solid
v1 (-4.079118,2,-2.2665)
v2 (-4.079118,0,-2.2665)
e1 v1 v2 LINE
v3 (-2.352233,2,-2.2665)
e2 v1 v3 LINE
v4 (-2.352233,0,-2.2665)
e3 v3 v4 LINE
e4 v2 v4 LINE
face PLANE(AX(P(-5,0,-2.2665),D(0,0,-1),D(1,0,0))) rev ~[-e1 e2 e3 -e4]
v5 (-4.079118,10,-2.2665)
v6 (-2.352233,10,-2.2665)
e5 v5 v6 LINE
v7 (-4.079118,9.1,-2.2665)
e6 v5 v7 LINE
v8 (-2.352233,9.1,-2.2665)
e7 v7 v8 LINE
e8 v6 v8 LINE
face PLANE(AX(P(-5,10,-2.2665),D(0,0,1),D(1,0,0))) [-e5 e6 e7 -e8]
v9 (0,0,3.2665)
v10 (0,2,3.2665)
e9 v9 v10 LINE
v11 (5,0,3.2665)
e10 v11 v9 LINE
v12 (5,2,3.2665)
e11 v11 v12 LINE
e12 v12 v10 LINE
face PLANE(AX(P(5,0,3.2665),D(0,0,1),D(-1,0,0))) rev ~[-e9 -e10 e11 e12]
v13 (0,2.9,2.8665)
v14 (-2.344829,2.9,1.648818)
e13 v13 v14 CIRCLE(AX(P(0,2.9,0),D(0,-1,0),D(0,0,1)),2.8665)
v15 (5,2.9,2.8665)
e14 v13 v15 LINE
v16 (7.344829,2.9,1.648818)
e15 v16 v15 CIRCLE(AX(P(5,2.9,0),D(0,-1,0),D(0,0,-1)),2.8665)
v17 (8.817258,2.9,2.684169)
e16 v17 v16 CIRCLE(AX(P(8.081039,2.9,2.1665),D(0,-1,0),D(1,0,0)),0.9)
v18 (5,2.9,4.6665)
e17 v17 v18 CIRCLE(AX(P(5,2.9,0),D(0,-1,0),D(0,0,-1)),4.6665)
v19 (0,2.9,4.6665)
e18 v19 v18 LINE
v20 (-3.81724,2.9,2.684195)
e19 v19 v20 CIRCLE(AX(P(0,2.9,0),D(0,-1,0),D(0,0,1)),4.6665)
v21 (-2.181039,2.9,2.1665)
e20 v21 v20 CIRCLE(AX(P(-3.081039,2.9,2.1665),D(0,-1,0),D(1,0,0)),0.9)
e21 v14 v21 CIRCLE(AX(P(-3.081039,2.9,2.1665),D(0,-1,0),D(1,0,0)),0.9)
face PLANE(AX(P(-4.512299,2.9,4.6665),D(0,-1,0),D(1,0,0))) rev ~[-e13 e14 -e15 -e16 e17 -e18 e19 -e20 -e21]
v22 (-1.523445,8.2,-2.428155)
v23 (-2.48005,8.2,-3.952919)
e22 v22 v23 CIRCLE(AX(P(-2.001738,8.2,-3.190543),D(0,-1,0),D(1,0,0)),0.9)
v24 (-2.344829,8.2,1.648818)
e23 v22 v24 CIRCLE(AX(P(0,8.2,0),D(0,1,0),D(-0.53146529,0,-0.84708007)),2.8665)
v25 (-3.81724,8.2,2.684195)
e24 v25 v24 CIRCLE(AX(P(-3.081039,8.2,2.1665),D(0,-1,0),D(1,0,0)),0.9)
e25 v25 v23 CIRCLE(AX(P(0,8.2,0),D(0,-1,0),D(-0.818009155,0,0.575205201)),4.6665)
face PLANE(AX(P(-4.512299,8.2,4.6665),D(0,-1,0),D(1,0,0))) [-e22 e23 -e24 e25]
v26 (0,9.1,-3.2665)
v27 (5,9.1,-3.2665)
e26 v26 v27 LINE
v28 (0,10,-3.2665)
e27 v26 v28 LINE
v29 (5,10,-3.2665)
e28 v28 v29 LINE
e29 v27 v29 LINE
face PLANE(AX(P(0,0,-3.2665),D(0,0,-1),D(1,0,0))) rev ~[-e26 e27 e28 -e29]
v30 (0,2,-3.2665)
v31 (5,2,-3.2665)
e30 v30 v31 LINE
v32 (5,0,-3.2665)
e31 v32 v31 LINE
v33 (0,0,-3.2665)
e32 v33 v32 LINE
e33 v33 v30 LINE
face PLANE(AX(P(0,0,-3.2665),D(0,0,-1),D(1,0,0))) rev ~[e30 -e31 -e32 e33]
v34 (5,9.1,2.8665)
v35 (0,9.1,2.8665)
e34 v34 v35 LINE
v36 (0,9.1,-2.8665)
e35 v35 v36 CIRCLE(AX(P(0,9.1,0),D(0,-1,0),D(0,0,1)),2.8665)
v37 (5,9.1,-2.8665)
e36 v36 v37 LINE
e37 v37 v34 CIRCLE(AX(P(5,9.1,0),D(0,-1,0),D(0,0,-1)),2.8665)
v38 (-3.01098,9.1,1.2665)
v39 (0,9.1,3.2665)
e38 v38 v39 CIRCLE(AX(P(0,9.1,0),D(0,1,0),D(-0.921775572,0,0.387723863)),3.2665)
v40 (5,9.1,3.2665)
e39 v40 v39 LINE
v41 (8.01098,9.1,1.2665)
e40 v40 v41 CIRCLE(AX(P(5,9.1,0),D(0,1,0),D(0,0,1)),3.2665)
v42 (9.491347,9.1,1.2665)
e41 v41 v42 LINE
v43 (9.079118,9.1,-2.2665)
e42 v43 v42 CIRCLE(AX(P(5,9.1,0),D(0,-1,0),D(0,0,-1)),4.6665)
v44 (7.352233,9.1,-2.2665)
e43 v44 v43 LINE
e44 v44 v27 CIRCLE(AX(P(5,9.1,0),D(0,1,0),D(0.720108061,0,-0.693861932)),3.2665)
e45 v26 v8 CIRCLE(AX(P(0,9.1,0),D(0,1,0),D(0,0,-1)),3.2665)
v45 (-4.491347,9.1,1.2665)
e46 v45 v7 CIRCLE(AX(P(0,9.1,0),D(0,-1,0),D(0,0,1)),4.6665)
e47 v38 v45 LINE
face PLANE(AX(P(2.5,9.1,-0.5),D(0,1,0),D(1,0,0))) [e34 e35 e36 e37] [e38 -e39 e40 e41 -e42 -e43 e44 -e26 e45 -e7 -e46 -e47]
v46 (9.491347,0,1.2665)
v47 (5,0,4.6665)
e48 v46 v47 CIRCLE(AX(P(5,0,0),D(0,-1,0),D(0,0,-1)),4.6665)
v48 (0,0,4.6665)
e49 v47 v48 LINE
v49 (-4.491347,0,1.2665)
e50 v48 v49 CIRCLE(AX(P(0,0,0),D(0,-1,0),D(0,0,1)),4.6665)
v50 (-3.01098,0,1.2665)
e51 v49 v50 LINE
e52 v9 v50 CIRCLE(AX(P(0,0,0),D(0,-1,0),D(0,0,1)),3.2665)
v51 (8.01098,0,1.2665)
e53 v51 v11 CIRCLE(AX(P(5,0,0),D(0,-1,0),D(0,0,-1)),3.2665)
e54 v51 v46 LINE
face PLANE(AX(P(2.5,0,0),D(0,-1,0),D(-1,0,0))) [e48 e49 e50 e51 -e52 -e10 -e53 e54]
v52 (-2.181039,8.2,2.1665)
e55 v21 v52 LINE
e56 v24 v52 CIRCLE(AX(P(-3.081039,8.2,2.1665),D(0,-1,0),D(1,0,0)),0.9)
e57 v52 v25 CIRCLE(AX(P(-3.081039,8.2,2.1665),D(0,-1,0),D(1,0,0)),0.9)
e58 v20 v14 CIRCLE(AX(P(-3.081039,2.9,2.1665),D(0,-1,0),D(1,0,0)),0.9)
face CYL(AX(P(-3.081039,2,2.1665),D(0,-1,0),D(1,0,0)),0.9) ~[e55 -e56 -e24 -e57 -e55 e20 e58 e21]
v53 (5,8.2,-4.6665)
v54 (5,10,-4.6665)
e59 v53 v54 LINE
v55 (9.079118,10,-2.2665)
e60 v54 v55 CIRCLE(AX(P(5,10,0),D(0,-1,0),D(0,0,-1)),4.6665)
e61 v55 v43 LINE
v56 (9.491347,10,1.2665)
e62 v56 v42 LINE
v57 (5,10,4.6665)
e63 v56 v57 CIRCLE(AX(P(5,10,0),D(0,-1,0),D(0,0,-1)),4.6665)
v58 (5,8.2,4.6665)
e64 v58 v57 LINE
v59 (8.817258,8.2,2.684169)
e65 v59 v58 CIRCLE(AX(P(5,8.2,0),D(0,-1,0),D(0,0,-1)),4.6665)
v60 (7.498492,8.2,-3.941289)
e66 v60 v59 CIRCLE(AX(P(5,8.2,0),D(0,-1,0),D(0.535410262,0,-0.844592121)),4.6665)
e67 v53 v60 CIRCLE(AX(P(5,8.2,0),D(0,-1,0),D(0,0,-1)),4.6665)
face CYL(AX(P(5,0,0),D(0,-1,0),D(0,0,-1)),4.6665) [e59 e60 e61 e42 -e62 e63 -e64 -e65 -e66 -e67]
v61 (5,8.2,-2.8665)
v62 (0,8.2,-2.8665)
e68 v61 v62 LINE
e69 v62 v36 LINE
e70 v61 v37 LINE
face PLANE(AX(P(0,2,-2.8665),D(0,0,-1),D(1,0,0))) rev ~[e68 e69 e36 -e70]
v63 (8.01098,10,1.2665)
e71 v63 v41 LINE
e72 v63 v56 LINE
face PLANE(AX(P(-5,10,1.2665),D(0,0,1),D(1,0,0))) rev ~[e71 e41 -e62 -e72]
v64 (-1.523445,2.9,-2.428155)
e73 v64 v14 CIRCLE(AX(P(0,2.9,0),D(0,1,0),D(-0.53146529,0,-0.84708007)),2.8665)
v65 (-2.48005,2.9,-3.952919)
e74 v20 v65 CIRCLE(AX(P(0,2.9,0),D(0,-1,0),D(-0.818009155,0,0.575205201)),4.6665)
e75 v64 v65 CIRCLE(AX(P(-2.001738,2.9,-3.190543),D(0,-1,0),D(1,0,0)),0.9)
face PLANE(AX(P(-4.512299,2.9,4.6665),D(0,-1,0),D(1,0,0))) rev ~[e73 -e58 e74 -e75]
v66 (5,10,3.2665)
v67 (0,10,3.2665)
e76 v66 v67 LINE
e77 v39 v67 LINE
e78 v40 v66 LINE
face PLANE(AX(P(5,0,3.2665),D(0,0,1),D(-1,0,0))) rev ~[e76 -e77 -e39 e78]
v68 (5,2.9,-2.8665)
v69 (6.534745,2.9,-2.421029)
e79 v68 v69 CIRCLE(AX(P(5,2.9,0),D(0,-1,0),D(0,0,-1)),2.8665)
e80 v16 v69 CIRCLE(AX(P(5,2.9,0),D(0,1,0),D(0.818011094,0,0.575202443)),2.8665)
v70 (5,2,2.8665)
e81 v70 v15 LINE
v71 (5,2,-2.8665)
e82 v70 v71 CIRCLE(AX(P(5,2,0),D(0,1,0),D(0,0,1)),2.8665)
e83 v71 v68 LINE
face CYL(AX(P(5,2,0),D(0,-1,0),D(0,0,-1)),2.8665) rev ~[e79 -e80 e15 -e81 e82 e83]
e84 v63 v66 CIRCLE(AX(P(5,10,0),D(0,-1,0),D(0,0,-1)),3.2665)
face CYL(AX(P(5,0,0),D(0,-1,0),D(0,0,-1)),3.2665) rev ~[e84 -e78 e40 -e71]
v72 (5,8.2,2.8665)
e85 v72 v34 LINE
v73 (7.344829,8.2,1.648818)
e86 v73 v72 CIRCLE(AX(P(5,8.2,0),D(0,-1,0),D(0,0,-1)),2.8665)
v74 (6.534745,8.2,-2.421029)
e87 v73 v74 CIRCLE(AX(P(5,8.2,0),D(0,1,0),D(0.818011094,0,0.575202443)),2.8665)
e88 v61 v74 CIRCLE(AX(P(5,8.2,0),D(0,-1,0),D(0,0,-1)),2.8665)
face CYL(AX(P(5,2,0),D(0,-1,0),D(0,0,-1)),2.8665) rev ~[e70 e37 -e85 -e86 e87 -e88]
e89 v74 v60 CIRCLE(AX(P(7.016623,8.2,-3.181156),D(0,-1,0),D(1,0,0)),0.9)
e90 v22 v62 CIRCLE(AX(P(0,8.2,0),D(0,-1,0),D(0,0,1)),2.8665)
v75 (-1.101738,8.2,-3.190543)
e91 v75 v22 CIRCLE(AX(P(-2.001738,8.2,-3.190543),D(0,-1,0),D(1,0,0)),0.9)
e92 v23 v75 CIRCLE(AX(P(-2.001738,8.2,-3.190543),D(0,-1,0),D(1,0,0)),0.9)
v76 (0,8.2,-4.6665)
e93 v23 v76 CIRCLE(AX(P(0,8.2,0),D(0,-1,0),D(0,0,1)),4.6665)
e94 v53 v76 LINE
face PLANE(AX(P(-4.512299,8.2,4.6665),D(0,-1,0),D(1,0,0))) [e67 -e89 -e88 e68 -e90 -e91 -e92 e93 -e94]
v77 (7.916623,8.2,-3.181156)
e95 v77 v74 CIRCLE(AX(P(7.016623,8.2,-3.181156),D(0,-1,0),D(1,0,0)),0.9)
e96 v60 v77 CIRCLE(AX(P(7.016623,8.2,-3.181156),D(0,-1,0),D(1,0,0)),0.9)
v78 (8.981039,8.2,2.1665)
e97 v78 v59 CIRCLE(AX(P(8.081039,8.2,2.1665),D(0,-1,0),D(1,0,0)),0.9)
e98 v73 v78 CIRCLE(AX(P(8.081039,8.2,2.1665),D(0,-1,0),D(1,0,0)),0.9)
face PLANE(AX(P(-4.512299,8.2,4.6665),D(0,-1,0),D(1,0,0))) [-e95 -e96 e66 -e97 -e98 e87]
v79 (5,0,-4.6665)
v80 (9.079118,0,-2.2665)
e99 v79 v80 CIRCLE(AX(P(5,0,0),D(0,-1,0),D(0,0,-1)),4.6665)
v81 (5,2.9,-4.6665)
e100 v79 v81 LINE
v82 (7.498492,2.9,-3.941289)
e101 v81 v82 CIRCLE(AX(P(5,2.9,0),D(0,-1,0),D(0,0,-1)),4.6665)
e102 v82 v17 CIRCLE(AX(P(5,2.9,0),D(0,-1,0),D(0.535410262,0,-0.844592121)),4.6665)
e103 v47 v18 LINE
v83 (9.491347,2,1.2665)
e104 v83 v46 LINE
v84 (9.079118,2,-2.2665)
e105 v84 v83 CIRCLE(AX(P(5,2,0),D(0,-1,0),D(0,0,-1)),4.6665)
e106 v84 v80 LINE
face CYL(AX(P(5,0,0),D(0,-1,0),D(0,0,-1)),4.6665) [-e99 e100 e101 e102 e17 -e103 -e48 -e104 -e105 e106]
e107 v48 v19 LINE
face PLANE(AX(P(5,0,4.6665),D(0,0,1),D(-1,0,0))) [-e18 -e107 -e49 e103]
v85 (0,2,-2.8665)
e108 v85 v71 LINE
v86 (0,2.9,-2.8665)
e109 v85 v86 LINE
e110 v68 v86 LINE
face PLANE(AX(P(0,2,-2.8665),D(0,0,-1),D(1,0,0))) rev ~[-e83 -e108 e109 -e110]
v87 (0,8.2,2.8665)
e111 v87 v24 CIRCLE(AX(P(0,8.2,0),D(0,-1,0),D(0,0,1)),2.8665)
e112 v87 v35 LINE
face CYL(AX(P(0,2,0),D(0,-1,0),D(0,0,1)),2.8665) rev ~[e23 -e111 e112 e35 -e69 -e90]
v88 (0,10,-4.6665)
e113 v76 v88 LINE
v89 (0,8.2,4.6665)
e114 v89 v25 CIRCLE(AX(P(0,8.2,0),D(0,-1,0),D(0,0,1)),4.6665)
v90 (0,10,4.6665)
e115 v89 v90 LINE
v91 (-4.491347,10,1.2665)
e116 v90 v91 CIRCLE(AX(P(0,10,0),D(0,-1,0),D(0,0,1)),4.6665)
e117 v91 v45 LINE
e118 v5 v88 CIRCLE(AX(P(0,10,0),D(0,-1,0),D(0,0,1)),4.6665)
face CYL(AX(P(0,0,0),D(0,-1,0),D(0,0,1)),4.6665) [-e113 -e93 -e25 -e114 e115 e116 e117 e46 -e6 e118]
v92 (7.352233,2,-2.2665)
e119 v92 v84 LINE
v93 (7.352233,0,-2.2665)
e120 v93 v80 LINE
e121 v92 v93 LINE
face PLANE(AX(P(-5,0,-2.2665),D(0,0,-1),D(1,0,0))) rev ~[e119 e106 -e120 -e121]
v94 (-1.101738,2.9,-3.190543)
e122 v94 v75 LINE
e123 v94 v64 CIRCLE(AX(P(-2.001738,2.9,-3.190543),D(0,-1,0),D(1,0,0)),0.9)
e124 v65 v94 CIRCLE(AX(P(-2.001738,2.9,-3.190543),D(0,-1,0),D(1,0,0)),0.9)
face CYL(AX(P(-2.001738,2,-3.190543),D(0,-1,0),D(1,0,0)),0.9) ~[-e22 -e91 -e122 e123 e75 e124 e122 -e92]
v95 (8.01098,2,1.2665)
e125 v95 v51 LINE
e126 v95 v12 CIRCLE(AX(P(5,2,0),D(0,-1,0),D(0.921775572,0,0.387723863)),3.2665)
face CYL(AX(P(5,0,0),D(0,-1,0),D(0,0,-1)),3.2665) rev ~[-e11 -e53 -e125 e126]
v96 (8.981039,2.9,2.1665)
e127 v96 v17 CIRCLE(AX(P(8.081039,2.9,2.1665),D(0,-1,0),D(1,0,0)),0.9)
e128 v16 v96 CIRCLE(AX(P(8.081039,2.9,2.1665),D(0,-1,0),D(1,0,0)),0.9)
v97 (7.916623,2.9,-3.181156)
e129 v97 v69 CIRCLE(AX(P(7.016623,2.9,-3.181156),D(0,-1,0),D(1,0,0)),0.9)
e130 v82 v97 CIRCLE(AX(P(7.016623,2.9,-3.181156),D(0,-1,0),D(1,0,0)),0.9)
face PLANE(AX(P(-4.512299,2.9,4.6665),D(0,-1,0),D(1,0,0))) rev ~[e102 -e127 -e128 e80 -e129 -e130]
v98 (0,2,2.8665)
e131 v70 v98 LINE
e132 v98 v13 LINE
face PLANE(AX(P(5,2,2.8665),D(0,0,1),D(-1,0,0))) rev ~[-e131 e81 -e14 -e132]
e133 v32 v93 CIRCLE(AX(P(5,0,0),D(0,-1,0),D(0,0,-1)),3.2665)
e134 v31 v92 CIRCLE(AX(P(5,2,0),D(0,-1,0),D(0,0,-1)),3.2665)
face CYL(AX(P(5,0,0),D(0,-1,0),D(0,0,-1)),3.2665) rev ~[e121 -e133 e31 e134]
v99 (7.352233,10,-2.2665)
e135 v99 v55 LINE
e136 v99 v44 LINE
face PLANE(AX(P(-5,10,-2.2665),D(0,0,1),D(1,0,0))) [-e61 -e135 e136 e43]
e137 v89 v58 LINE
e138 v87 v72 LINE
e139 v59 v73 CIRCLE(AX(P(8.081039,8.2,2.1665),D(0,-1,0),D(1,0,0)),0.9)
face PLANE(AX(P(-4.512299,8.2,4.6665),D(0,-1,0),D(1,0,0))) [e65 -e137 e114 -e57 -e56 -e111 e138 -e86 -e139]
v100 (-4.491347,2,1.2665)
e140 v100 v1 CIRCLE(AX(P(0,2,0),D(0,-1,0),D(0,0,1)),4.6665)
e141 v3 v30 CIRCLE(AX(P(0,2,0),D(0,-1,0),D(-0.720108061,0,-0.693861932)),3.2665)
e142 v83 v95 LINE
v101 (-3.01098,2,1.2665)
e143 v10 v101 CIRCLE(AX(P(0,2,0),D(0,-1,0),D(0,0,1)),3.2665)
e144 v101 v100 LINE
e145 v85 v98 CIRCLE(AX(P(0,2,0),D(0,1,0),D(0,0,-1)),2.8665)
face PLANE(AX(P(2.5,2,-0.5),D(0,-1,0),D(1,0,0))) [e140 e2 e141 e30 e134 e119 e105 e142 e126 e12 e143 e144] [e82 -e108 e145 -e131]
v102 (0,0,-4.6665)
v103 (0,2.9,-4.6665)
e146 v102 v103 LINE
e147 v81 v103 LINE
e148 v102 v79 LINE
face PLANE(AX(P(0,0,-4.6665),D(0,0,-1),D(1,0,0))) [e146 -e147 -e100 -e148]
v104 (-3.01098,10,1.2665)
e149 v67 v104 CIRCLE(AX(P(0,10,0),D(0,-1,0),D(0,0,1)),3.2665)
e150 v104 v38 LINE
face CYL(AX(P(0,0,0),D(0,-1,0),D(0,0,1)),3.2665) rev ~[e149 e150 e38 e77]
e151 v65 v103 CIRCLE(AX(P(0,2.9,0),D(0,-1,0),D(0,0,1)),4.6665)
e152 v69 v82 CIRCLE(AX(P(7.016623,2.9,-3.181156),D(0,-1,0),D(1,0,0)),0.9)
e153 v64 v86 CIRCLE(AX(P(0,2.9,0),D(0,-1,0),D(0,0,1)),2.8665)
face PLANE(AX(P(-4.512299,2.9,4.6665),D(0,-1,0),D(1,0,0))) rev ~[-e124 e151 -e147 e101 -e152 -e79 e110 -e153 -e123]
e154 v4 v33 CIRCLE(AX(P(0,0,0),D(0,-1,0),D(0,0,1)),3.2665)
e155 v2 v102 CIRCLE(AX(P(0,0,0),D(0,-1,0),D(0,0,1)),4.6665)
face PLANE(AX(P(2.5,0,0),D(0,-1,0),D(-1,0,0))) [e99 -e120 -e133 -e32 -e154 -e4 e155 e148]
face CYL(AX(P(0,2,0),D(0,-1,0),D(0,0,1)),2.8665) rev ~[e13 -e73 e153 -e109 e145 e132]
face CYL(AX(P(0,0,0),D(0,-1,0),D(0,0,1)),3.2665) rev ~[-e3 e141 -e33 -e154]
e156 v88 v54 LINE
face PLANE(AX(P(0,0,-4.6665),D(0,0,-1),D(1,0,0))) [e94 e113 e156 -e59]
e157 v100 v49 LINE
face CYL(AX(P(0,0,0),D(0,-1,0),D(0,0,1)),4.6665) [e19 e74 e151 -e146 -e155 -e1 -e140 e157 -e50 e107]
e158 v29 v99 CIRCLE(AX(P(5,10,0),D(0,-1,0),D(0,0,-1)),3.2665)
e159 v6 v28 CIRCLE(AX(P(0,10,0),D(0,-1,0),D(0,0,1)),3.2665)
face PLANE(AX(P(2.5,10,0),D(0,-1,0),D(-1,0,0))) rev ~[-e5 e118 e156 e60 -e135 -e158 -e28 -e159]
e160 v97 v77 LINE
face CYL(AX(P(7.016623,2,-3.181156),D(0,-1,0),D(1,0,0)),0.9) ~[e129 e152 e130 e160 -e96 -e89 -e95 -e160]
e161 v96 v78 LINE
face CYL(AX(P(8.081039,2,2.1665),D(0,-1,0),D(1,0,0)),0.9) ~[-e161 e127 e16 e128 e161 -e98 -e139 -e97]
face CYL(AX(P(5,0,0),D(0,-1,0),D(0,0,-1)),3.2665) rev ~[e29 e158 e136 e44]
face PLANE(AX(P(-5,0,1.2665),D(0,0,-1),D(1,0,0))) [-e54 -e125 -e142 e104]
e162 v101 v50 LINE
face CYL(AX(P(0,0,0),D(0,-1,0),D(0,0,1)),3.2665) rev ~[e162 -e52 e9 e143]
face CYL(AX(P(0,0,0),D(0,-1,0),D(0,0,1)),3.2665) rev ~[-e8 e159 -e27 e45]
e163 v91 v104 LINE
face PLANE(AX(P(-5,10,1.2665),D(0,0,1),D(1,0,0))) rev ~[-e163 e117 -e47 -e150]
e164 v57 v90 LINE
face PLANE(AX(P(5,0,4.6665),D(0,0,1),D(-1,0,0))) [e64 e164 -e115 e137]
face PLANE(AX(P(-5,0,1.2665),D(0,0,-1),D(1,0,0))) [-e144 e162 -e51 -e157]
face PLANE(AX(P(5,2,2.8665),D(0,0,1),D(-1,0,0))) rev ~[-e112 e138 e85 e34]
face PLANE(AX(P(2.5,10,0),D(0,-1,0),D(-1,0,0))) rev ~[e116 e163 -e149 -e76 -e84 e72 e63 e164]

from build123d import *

# Parameters (mm, degrees)
BOSS_EXTRUDE1_DEPTH = 10
BOSS_EXTRUDE2_DEPTH = 7.1
SKETCH3_W           = 14.024598218
SKETCH3_H           = 5.3
CUT_EXTRUDE1_DEPTH  = 10
SKETCH4_W           = 15
SKETCH4_H           = 3.533
CUT_EXTRUDE2_DEPTH  = 0.9
SKETCH5_W           = 15
SKETCH5_H           = 3.533
CUT_EXTRUDE3_DEPTH  = 2
SKETCH7_R           = 0.9
BOSS_EXTRUDE3_DEPTH = 7.1
SKETCH8_W           = 2.379394034
SKETCH8_H           = 5.3
CUT_EXTRUDE4_DEPTH  = 15


with BuildPart() as part:
    # Sketch1 → Boss-Extrude1 (new body)
    with BuildSketch(Plane(origin=(0, 0, 0), x_dir=(1, 0, 0), z_dir=(0, 1, 0))):
        with BuildLine():
            Line((0, 4.6665), (5, 4.6665))
            ThreePointArc((5, 4.6665), (9.6665, 0), (5, -4.6665))
            Line((5, -4.6665), (0, -4.6665))
            ThreePointArc((0, -4.6665), (-4.6665, 0), (0, 4.6665))
        make_face()
        with BuildLine():
            Line((0, 3.2665), (5, 3.2665))
            ThreePointArc((5, 3.2665), (8.2665, 0), (5, -3.2665))
            Line((5, -3.2665), (0, -3.2665))
            ThreePointArc((0, -3.2665), (-3.2665, 0), (0, 3.2665))
        make_face(mode=Mode.SUBTRACT)
    extrude(amount=BOSS_EXTRUDE1_DEPTH)

    # Sketch2 → Boss-Extrude2 (add)
    with BuildSketch(Plane(origin=(0, 2, 0), x_dir=(1, 0, 0), z_dir=(0, 1, 0))):
        with BuildLine():
            Line((0, 3.2665), (5, 3.2665))
            ThreePointArc((5, 3.2665), (8.2665, 0), (5, -3.2665))
            Line((5, -3.2665), (0, -3.2665))
            ThreePointArc((0, -3.2665), (-3.2665, 0), (0, 3.2665))
        make_face()
        with BuildLine():
            Line((0, 2.8665), (5, 2.8665))
            ThreePointArc((5, 2.8665), (7.8665, 0), (5, -2.8665))
            Line((5, -2.8665), (0, -2.8665))
            ThreePointArc((0, -2.8665), (-2.8665, 0), (0, 2.8665))
        make_face(mode=Mode.SUBTRACT)
    extrude(amount=BOSS_EXTRUDE2_DEPTH)

    # Sketch3 → Cut-Extrude1 (cut)
    with BuildSketch(Plane.XY.offset(4.6665)):
        with Locations((2.500000001, 5.55)):
            Rectangle(SKETCH3_W, SKETCH3_H)
    extrude(amount=-CUT_EXTRUDE1_DEPTH, mode=Mode.SUBTRACT)

    # Sketch4 → Cut-Extrude2 (cut)
    with BuildSketch(Plane(origin=(0, 10, 0), x_dir=(1, 0, 0), z_dir=(0, 1, 0))):
        with Locations((2.5, 0.5)):
            Rectangle(SKETCH4_W, SKETCH4_H)
    extrude(amount=-CUT_EXTRUDE2_DEPTH, mode=Mode.SUBTRACT)

    # Sketch5 → Cut-Extrude3 (cut)
    with BuildSketch(Plane.XZ):
        with Locations((2.5, -0.5)):
            Rectangle(SKETCH5_W, SKETCH5_H)
    extrude(amount=-CUT_EXTRUDE3_DEPTH, mode=Mode.SUBTRACT)

    # Sketch7 → Boss-Extrude3 (add)
    with BuildSketch(Plane(origin=(0, 2, 0), x_dir=(1, 0, 0), z_dir=(0, 1, 0))):
        with Locations((-2.001737946, 3.19054344)):
            Circle(SKETCH7_R)
        with Locations((7.016622753, 3.181156224)):
            Circle(SKETCH7_R)
        with Locations((-3.081038786, -2.1665)):
            Circle(SKETCH7_R)
        with Locations((8.081038786, -2.1665)):
            Circle(SKETCH7_R)
    extrude(amount=BOSS_EXTRUDE3_DEPTH)

    # Sketch8 → Cut-Extrude4 (cut)
    with BuildSketch(Plane(origin=(10, 0, 0), x_dir=(0, 0, -1), z_dir=(1, 0, 0))):
        with Locations((0, 5.55)):
            Rectangle(SKETCH8_W, SKETCH8_H)
    extrude(amount=-CUT_EXTRUDE4_DEPTH, mode=Mode.SUBTRACT)


solid = part.part
